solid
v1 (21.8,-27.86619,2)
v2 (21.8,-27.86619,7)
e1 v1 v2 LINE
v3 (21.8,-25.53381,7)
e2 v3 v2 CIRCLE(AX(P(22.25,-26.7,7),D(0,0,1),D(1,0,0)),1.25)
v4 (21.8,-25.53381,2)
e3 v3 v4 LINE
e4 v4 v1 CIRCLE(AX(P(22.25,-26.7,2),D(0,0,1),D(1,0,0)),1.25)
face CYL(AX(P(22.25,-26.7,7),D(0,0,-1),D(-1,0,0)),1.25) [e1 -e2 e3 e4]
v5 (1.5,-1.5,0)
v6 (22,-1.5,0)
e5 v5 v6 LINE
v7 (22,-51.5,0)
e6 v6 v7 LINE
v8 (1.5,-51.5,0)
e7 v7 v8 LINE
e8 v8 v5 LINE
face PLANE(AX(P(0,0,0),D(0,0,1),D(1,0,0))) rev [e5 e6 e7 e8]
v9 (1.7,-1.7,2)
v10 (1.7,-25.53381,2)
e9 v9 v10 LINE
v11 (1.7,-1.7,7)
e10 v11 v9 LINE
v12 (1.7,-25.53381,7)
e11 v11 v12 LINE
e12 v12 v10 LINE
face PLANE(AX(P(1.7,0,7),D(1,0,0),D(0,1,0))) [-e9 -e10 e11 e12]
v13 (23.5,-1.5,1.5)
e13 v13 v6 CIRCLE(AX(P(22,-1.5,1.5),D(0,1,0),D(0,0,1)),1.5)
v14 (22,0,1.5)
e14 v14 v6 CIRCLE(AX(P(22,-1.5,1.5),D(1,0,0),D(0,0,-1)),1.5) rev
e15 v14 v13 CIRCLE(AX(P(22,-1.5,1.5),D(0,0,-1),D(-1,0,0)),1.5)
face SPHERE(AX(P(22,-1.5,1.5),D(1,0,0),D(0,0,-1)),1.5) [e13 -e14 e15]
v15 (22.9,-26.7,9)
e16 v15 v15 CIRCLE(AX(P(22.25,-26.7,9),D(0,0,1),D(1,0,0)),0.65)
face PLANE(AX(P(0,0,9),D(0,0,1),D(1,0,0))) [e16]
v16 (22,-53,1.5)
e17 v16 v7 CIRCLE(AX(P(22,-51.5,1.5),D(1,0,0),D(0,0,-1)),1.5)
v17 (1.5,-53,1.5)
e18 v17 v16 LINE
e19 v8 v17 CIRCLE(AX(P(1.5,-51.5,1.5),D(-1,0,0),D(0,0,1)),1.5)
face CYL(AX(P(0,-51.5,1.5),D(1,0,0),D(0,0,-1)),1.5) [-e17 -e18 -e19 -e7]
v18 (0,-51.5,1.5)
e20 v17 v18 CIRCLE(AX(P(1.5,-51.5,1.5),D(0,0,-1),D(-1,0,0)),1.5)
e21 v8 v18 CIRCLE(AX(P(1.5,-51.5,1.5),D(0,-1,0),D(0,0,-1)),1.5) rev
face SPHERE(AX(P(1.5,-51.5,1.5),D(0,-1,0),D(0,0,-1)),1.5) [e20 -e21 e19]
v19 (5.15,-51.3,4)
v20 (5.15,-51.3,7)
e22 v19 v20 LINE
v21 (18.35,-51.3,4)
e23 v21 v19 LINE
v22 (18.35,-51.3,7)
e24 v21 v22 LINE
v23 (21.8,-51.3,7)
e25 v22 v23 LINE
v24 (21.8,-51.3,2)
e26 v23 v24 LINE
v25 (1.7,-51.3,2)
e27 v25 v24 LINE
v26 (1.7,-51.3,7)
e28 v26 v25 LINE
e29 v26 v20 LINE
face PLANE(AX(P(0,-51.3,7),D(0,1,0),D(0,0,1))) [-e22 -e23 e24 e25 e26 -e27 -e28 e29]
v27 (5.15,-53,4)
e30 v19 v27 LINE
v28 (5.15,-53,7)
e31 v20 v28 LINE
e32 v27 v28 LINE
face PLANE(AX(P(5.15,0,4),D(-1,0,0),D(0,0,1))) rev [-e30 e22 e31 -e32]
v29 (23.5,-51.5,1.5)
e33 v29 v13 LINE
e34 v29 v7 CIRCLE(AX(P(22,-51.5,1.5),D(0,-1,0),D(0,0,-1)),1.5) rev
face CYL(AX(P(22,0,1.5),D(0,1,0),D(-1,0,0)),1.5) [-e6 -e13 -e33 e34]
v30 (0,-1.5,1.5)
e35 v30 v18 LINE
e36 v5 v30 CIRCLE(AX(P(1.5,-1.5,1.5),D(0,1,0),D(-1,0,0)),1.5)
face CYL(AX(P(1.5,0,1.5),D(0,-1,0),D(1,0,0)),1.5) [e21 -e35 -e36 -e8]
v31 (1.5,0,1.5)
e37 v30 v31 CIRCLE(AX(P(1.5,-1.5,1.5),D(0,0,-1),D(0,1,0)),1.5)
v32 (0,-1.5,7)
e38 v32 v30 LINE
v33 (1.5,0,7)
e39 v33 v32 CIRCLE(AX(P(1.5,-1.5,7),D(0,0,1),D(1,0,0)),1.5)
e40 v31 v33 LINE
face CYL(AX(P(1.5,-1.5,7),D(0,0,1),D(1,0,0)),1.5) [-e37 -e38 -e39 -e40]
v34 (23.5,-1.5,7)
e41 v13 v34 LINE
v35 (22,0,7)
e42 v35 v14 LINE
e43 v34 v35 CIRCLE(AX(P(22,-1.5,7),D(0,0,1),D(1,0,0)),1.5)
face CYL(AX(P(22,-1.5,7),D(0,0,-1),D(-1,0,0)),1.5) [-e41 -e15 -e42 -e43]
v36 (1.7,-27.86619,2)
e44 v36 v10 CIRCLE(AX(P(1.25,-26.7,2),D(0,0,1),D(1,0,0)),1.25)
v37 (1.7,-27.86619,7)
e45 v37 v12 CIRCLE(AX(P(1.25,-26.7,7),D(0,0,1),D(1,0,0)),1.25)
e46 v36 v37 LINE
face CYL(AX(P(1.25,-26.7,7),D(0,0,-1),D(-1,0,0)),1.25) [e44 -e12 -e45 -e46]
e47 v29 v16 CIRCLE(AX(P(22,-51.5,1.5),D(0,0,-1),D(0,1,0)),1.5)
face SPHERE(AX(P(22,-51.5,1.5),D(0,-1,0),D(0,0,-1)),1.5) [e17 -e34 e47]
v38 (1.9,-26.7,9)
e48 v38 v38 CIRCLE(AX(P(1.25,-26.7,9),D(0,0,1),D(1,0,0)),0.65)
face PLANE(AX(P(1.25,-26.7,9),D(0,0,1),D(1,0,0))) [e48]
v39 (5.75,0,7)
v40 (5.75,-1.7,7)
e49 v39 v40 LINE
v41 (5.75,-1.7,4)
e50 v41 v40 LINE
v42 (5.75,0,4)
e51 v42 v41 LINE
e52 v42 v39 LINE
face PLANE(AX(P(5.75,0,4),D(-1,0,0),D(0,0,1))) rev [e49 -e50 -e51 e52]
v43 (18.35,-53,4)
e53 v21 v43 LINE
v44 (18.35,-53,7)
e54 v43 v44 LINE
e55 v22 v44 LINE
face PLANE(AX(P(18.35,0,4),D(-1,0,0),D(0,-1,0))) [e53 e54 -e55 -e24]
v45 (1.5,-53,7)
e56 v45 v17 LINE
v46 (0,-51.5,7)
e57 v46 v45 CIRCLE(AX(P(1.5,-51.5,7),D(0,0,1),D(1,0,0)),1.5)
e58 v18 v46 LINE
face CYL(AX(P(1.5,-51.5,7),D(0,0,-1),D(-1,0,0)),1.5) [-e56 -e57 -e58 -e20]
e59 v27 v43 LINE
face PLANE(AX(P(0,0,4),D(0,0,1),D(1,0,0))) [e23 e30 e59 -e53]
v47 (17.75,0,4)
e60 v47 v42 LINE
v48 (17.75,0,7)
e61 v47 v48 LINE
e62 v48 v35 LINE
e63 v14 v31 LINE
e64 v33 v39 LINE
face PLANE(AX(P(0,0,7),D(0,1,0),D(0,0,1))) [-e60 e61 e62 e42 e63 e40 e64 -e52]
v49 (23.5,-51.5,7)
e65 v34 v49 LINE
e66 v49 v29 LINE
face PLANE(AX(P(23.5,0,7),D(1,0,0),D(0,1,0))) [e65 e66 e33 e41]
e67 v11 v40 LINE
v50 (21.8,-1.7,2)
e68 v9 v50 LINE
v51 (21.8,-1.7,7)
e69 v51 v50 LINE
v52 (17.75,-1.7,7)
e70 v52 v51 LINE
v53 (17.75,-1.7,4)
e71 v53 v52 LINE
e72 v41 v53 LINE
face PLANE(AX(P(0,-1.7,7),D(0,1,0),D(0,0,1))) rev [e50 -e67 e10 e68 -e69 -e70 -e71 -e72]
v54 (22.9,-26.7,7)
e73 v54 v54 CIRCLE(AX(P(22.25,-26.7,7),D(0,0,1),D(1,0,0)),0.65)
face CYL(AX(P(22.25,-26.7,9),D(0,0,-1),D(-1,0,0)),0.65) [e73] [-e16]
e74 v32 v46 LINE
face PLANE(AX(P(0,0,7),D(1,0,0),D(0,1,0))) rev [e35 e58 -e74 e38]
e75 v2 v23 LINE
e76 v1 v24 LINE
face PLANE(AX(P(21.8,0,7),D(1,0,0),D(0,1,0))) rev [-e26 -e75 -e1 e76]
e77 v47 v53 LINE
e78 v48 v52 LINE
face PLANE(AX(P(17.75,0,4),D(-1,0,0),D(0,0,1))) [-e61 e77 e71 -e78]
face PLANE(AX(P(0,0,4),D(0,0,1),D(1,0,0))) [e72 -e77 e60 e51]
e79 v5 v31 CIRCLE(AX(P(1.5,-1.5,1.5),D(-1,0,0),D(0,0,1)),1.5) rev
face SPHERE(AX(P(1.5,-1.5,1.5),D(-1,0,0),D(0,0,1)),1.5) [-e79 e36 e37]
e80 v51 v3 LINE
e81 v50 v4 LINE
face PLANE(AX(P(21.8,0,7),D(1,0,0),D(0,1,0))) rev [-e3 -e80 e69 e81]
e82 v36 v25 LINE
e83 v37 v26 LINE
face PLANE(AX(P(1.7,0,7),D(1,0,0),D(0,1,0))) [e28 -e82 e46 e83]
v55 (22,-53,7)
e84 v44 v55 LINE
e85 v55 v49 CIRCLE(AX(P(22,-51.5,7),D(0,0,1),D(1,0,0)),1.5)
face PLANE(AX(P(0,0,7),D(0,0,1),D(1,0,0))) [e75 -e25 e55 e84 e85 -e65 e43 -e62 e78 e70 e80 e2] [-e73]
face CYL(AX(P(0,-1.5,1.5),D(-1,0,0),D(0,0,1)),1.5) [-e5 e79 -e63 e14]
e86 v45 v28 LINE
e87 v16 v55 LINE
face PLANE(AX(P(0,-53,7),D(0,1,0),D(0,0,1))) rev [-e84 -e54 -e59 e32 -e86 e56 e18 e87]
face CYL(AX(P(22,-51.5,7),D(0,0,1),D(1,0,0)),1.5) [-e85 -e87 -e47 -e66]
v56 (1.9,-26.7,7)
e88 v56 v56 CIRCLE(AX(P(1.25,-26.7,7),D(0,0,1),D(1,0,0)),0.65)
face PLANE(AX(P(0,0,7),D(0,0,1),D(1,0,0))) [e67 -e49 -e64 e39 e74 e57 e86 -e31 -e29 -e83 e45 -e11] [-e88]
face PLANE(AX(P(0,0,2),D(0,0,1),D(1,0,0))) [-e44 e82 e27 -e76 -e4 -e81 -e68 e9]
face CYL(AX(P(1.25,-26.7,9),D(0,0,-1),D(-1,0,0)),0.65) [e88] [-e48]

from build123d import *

# Parameters (mm, degrees)
SKETCH_1_W          = 23.5
SKETCH_1_H          = 53
SKETCH_1_W_2        = 20.1
SKETCH_1_H_2        = 49.6
EXTRUDE_1_DEPTH     = 7
SKETCH_1_5_R        = 1.25
EXTRUDE_2_DEPTH     = 7
EXTRUDE_3_DEPTH     = 2
SKETCH_2_W          = 13.2
SKETCH_2_H          = 1.7
SKETCH_2_W_2        = 12
CUT_EXTRUDE_1_DEPTH = 3
SKETCH_2_3_R        = 0.65
EXTRUDE_4_DEPTH     = 2
FILLET_1_R          = 1.5


with BuildPart() as part:
    # 草图1 → 凸台-拉伸1 (new body)
    with BuildSketch(Plane.XY):
        with Locations((11.75, -26.5)):
            Rectangle(SKETCH_1_W, SKETCH_1_H)
        with Locations((11.75, -26.5)):
            Rectangle(SKETCH_1_W_2, SKETCH_1_H_2, mode=Mode.SUBTRACT)
    extrude(amount=EXTRUDE_1_DEPTH)

    # 草图1<5> → 凸台-拉伸2 (add)
    with BuildSketch(Plane.XY):
        with Locations((1.25, -26.7)):
            Circle(SKETCH_1_5_R)
        with Locations((22.25, -26.7)):
            Circle(SKETCH_1_5_R)
    extrude(amount=EXTRUDE_2_DEPTH)

    # 草图1<6> → 凸台-拉伸3 (add)
    with BuildSketch(Plane.XY):
        with BuildLine():
            Line((1.7, -1.7), (1.7, -25.533809621))
            ThreePointArc((1.7, -25.533809621), (2.280776406, -25.992893219), (2.5, -26.7))
            ThreePointArc((2.5, -26.7), (2.280776406, -27.407106781), (1.7, -27.866190379))
            Line((1.7, -27.866190379), (1.7, -51.3))
            Line((1.7, -51.3), (21.8, -51.3))
            Line((21.8, -51.3), (21.8, -27.866190379))
            ThreePointArc((21.8, -27.866190379), (21, -26.7), (21.8, -25.533809621))
            Line((21.8, -25.533809621), (21.8, -1.7))
            Line((21.8, -1.7), (1.7, -1.7))
        make_face()
    extrude(amount=EXTRUDE_3_DEPTH)

    # 草图2 → 切除-拉伸1 (cut)
    with BuildSketch(Plane.XY.offset(7)):
        with Locations((11.75, -52.15)):
            Rectangle(SKETCH_2_W, SKETCH_2_H)
        with Locations((11.75, -0.85)):
            Rectangle(SKETCH_2_W_2, SKETCH_2_H)
    extrude(amount=-CUT_EXTRUDE_1_DEPTH, mode=Mode.SUBTRACT)

    # 草图2<3> → 凸台-拉伸4 (add)
    with BuildSketch(Plane.XY.offset(7)):
        with Locations((1.25, -26.7)):
            Circle(SKETCH_2_3_R)
        with Locations((22.25, -26.7)):
            Circle(SKETCH_2_3_R)
    extrude(amount=EXTRUDE_4_DEPTH)

    # 圆角1
    fillet_1_edges = [part.edges().sort_by_distance(p)[0] for p in [
        (11.75, 0, 0),
        (0, -26.5, 0),
        (11.75, -53, 0),
        (23.5, -26.5, 0),
        (0, 0, 3.5),
        (23.5, 0, 3.5),
        (23.5, -53, 3.5),
        (0, -53, 3.5),
    ]]
    fillet(fillet_1_edges, radius=FILLET_1_R)


solid = part.part
